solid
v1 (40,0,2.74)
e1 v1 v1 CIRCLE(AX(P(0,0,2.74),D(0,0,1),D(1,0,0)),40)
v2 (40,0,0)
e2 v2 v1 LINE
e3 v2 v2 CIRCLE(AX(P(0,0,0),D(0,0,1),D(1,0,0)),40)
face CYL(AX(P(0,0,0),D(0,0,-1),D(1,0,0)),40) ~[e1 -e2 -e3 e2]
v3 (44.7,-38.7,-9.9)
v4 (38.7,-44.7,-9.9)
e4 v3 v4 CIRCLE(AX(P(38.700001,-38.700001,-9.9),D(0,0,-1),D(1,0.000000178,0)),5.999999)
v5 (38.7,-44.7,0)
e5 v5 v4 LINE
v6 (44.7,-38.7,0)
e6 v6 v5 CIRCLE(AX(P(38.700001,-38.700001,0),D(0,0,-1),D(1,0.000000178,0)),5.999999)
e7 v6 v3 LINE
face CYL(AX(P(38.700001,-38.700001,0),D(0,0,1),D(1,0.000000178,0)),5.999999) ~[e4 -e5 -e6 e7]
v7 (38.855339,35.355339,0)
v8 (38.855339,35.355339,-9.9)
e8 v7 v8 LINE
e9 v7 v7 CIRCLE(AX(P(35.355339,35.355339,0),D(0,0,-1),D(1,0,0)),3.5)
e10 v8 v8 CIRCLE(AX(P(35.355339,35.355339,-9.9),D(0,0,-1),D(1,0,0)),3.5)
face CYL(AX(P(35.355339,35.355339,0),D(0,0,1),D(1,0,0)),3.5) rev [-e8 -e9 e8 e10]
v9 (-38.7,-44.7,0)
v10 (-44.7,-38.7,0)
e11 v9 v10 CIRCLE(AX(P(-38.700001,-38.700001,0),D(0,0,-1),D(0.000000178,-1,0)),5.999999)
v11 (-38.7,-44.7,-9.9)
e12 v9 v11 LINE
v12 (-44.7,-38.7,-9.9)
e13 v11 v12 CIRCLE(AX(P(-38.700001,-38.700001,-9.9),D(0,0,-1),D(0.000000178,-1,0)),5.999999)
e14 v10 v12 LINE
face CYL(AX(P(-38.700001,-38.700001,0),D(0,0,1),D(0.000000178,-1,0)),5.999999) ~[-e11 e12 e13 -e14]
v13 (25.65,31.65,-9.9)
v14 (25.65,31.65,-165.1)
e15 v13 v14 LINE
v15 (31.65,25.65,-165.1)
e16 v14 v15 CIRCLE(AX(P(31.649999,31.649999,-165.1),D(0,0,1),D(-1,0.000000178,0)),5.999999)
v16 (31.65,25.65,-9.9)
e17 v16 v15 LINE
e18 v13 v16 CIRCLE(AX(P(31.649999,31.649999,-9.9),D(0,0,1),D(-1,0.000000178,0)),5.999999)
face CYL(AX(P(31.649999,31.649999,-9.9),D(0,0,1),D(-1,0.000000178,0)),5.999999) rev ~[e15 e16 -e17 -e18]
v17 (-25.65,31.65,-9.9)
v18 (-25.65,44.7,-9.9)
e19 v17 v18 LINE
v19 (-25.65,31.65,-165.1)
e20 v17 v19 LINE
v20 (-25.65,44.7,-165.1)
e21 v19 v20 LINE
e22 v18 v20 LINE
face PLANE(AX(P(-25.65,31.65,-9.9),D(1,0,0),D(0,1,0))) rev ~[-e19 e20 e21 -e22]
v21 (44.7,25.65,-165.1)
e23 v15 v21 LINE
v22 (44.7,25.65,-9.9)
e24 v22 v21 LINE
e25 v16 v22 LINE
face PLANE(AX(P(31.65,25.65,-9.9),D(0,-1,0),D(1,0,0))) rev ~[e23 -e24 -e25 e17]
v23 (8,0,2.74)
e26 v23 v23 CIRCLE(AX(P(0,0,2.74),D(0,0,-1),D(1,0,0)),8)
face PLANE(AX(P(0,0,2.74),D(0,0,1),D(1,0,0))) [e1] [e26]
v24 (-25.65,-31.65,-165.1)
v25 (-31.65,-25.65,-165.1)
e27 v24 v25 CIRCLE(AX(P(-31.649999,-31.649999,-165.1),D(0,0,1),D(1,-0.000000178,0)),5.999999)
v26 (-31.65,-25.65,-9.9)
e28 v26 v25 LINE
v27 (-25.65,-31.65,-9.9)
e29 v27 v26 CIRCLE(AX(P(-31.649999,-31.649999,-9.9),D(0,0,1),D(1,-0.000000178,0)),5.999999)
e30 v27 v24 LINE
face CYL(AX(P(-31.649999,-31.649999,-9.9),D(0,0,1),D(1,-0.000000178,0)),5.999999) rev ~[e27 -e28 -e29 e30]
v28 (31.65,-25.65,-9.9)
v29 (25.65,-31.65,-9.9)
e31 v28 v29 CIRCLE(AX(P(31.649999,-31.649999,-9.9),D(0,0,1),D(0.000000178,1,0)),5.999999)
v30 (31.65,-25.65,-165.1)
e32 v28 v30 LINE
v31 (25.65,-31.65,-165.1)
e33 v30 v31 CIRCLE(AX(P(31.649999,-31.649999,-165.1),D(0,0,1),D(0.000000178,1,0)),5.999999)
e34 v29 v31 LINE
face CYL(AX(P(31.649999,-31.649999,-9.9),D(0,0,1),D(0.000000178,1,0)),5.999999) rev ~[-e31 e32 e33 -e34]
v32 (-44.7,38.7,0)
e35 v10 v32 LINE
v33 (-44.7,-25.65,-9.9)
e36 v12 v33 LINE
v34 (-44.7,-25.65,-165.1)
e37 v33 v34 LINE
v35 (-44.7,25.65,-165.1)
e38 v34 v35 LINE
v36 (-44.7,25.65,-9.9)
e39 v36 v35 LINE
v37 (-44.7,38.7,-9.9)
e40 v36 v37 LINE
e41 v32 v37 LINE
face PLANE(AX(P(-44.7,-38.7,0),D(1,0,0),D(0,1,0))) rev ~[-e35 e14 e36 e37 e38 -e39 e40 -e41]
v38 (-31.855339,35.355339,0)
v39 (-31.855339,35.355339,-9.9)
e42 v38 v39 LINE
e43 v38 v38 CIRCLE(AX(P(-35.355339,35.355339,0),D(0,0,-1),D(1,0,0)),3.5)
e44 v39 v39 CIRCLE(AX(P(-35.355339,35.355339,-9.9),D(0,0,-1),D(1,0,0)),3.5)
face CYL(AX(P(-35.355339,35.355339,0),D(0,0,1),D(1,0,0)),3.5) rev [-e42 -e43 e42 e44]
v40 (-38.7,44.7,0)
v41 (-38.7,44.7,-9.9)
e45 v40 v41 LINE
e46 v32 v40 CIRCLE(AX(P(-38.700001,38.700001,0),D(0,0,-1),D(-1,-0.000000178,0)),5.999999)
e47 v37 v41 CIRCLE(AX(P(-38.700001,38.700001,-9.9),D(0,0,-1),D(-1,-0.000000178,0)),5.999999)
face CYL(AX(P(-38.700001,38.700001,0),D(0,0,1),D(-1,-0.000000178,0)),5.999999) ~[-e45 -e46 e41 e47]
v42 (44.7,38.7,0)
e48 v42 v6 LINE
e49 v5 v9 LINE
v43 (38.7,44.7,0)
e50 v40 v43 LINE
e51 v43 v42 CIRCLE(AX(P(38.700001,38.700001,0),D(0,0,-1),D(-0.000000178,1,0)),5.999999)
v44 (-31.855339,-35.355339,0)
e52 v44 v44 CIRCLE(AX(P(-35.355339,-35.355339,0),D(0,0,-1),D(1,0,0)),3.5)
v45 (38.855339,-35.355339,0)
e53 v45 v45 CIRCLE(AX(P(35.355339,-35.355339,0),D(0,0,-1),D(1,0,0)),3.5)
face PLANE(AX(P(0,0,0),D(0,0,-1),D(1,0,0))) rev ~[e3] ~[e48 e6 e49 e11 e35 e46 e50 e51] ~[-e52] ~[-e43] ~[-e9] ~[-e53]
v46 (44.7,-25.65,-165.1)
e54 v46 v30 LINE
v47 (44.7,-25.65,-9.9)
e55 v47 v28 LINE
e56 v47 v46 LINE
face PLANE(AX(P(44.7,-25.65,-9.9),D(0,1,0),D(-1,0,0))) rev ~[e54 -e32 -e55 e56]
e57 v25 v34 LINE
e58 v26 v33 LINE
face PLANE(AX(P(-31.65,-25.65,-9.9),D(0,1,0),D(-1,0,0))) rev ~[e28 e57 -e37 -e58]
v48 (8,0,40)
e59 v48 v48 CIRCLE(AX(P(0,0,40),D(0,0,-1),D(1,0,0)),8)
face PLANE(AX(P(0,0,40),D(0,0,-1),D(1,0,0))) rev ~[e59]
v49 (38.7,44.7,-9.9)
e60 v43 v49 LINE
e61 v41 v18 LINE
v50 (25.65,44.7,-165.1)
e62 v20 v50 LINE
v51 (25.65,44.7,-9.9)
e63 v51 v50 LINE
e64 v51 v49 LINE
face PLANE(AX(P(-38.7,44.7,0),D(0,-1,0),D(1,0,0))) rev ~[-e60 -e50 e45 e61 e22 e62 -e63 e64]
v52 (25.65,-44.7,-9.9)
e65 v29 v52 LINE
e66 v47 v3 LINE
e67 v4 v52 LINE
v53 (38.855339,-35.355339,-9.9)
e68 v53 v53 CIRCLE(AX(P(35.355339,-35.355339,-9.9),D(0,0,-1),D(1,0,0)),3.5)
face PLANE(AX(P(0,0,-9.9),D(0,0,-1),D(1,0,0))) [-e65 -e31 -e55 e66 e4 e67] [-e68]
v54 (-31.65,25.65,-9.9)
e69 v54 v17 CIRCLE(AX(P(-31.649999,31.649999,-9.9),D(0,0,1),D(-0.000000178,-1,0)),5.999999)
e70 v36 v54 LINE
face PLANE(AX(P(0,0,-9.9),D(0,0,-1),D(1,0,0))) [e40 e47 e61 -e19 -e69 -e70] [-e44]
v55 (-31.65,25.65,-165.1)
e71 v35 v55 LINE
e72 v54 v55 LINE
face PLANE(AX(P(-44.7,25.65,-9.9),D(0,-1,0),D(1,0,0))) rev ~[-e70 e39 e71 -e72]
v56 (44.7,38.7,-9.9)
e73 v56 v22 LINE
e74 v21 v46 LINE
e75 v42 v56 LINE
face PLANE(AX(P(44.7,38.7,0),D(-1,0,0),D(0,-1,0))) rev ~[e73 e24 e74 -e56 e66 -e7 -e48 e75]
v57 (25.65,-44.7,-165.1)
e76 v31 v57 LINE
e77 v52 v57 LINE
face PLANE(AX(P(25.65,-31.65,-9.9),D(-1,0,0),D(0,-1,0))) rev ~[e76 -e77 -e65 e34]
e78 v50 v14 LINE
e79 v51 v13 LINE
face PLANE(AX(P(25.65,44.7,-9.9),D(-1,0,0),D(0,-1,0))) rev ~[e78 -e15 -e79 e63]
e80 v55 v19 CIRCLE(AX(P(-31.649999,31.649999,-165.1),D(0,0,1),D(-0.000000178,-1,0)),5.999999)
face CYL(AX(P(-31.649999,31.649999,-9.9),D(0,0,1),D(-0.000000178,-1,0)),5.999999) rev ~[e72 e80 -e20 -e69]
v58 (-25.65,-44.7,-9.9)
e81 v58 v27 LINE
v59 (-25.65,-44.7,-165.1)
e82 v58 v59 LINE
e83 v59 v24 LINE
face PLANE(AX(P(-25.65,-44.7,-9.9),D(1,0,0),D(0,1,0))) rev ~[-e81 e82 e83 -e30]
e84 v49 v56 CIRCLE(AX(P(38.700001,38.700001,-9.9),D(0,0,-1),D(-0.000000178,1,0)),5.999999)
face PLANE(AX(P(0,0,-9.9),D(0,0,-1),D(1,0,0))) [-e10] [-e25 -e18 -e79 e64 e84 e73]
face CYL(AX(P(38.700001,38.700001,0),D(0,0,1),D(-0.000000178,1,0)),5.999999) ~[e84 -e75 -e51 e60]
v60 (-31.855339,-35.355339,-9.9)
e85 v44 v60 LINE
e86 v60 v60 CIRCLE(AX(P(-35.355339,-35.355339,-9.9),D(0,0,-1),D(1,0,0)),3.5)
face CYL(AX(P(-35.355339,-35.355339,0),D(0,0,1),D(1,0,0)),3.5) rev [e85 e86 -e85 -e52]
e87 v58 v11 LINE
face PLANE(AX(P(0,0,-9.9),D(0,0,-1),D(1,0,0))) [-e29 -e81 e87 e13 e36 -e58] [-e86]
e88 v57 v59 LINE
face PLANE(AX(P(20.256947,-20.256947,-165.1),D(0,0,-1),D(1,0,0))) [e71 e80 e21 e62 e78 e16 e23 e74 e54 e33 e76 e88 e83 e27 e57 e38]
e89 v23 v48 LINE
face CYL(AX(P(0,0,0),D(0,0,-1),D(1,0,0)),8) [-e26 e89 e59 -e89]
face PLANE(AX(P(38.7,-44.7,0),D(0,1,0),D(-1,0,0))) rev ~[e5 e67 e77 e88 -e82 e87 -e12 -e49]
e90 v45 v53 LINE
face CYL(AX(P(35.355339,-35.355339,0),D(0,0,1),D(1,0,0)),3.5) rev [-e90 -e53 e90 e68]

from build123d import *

# Parameters (mm, degrees)
F0_R     = 40
F1_DEPTH = 2.74
F2_R     = 8
F3_DEPTH = 40
F4_R     = 3.5
F5_DEPTH = 9.9
F7_DEPTH = 155.2


with BuildPart() as f1:
    # F0 (on Top) → F1 (new body)
    with BuildSketch(Plane.XY):
        Circle(F0_R)
    extrude(amount=F1_DEPTH)

    # F2 (on face) → F3 (join)
    with BuildSketch(Plane(origin=(0, 0, 0), x_dir=(1, 0, 0), z_dir=(0, 0, -1))):
        Circle(F2_R)
    extrude(amount=-F3_DEPTH)

    # F4 (on face) → F5 (join)
    with BuildSketch(Plane(origin=(0, 0, 0), x_dir=(1, 0, 0), z_dir=(0, 0, -1))):
        with BuildLine():
            Line((-38.7, -44.7), (38.7, -44.7))
            ThreePointArc((38.7, -44.7), (42.942641, -42.942641), (44.7, -38.7))
            Line((44.7, -38.7), (44.7, 38.7))
            ThreePointArc((44.7, 38.7), (42.942641, 42.942641), (38.7, 44.7))
            Line((38.7, 44.7), (-38.7, 44.7))
            ThreePointArc((-38.7, 44.7), (-42.942641, 42.942641), (-44.7, 38.7))
            Line((-44.7, 38.7), (-44.7, -38.7))
            ThreePointArc((-44.7, -38.7), (-42.942641, -42.942641), (-38.7, -44.7))
        make_face()
        with Locations((-35.355339, -35.355339)):
            Circle(F4_R, mode=Mode.SUBTRACT)
        with Locations((35.355339, -35.355339)):
            Circle(F4_R, mode=Mode.SUBTRACT)
        with Locations((-35.355339, 35.355339)):
            Circle(F4_R, mode=Mode.SUBTRACT)
        with Locations((35.355339, 35.355339)):
            Circle(F4_R, mode=Mode.SUBTRACT)
    extrude(amount=F5_DEPTH)

    # F6 (on face) → F7 (join)
    with BuildSketch(Plane(origin=(0, 0, -9.9), x_dir=(1, 0, 0), z_dir=(0, 0, -1))):
        with BuildLine():
            Line((44.7, 0), (44.7, 25.65))
            Line((44.7, 25.65), (31.65, 25.65))
            ThreePointArc((31.65, 25.65), (27.407359, 27.407359), (25.65, 31.65))
            Line((25.65, 31.65), (25.65, 44.7))
            Line((25.65, 44.7), (0, 44.7))
            Line((0, 44.7), (0, 0))
            Line((0, 0), (44.7, 0))
        make_face()
        with BuildLine():
            Line((44.7, -25.65), (44.7, 0))
            Line((44.7, 0), (0, 0))
            Line((0, 0), (0, -44.7))
            Line((0, -44.7), (25.65, -44.7))
            Line((25.65, -44.7), (25.65, -31.65))
            ThreePointArc((25.65, -31.65), (27.407359, -27.407359), (31.65, -25.65))
            Line((31.65, -25.65), (44.7, -25.65))
        make_face()
        with BuildLine():
            Line((-44.7, 0), (0, 0))
            Line((0, 0), (0, 44.7))
            Line((0, 44.7), (-25.65, 44.7))
            Line((-25.65, 44.7), (-25.65, 31.65))
            ThreePointArc((-25.65, 31.65), (-27.407359, 27.407359), (-31.65, 25.65))
            Line((-31.65, 25.65), (-44.7, 25.65))
            Line((-44.7, 25.65), (-44.7, 0))
        make_face()
        with BuildLine():
            Line((0, -44.7), (0, 0))
            Line((0, 0), (-44.7, 0))
            Line((-44.7, 0), (-44.7, -25.65))
            Line((-44.7, -25.65), (-31.65, -25.65))
            ThreePointArc((-31.65, -25.65), (-27.407359, -27.407359), (-25.65, -31.65))
            Line((-25.65, -31.65), (-25.65, -44.7))
            Line((-25.65, -44.7), (0, -44.7))
        make_face()
    extrude(amount=F7_DEPTH)


solid = f1.part
